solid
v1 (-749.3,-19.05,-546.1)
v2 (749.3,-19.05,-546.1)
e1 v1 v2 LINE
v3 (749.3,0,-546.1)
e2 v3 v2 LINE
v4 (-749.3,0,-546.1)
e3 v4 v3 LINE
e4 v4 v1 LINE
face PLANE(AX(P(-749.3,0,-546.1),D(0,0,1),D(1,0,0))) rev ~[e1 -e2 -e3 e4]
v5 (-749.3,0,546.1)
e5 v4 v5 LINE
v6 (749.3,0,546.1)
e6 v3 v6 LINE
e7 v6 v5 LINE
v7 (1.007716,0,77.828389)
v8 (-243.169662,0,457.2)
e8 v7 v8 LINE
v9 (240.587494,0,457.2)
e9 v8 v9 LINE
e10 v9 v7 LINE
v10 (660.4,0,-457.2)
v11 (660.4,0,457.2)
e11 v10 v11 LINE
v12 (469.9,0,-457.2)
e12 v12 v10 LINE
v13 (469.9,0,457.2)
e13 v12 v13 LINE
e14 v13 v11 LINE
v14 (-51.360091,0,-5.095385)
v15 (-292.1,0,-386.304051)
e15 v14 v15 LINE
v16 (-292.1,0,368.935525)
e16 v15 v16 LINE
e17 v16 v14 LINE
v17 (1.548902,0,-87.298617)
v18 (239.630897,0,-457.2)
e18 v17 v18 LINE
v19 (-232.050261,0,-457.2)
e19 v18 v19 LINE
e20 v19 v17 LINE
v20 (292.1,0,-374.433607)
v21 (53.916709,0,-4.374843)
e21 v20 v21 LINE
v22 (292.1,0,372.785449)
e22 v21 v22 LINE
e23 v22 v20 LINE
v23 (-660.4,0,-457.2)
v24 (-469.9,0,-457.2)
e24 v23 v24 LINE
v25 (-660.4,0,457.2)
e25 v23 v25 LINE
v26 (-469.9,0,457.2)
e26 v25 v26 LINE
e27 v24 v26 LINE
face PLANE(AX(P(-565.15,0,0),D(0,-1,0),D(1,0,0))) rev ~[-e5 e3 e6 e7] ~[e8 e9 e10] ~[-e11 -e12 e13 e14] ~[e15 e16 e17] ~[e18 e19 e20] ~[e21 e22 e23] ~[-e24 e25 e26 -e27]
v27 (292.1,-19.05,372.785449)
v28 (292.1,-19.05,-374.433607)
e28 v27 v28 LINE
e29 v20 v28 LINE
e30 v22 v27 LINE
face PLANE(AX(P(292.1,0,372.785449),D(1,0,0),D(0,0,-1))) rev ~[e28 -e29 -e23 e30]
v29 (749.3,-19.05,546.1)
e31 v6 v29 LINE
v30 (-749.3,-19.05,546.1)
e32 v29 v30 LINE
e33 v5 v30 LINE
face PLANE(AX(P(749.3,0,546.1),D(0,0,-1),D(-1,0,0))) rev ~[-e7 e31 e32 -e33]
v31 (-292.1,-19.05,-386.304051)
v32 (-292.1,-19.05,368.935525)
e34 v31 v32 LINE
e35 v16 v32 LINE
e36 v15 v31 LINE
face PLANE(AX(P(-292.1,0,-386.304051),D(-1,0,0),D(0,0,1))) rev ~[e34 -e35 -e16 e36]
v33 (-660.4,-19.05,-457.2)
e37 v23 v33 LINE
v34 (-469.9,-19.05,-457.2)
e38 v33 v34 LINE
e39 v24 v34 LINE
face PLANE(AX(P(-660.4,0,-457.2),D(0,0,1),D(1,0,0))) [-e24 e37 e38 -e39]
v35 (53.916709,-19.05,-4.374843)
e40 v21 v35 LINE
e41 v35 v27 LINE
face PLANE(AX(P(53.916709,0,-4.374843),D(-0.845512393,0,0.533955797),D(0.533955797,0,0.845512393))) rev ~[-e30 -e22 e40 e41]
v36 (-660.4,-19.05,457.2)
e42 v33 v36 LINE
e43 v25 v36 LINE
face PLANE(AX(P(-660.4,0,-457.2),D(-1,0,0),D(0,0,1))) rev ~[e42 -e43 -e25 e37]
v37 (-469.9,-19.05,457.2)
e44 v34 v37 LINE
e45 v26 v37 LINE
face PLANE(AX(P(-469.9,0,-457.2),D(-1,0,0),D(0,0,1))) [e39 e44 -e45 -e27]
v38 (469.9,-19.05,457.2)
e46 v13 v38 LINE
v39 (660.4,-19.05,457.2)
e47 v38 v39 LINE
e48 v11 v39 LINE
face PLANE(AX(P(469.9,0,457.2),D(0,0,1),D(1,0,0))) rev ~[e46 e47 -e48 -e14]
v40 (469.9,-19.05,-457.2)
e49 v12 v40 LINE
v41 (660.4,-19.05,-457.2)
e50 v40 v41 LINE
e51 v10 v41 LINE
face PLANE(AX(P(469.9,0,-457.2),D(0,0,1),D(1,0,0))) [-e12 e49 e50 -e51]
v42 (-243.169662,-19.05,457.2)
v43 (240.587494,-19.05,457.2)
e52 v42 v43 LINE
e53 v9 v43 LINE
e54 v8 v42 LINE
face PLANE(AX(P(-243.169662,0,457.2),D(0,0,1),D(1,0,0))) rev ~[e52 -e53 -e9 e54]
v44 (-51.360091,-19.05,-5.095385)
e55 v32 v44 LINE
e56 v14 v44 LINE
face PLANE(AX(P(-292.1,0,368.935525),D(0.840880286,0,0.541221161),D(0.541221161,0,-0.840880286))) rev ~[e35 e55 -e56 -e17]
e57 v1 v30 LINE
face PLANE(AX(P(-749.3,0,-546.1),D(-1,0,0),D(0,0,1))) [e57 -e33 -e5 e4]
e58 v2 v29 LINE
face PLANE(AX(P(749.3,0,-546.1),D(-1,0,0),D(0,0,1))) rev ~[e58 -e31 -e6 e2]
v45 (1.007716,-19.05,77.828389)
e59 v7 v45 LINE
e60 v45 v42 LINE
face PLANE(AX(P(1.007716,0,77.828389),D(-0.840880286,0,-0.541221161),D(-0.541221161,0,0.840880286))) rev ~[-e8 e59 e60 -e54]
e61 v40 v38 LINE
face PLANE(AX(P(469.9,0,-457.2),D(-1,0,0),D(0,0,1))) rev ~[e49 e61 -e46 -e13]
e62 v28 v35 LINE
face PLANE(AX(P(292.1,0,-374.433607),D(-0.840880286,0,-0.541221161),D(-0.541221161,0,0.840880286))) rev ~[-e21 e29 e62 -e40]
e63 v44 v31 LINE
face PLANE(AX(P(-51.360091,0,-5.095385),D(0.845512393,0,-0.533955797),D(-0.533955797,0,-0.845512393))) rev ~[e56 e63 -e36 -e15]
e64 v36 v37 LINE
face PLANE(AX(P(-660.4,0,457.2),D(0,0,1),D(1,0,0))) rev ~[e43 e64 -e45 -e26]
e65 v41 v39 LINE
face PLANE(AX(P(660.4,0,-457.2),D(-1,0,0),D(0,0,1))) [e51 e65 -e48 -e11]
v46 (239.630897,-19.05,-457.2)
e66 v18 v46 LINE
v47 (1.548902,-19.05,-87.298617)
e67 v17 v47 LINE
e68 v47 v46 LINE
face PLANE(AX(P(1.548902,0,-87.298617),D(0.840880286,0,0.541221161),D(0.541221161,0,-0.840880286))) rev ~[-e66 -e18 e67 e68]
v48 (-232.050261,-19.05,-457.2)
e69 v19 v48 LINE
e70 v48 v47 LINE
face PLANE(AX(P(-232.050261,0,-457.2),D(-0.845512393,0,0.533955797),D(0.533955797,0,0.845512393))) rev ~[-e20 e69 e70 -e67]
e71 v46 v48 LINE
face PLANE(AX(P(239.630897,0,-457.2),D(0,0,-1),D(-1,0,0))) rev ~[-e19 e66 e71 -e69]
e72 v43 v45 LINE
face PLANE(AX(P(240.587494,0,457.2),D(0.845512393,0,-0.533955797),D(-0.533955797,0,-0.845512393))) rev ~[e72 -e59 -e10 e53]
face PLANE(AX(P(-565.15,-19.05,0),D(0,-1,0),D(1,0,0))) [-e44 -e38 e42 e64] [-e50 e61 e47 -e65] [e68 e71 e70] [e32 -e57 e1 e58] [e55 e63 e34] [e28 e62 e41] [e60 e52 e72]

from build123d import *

# Parameters (mm, degrees)
F0_W     = 368.3
F0_H     = 1092.2
F0_W_2   = 190.5
F0_H_2   = 914.4
F0_W_3   = 762
F1_DEPTH = 19.05


with BuildPart() as f1:
    # F0 (on Front) → F1 (new body)
    with BuildSketch(Plane.XZ):
        with Locations((-565.15, 0)):
            Rectangle(F0_W, F0_H)
        with Locations((-565.15, 0)):
            Rectangle(F0_W_2, F0_H_2, mode=Mode.SUBTRACT)
        Rectangle(F0_W_3, F0_H)
        Polygon((-292.1, 368.9355254173), (-292.1, 457.2), (-243.1696620615, 457.2), (240.5874935984, 457.2), (292.1, 457.2), (292.1, 372.785449028), (292.1, -374.433606863), (292.1, -457.2), (239.6308967048, -457.2), (-232.0502612908, -457.2), (-292.1, -457.2), (-292.1, -386.304050684), align=None, mode=Mode.SUBTRACT)
        with Locations((565.15, 0)):
            Rectangle(F0_W, F0_H)
        with Locations((565.15, 0)):
            Rectangle(F0_W_2, F0_H_2, mode=Mode.SUBTRACT)
        Polygon((-243.1696620615, 457.2), (-292.1, 457.2), (-292.1, 368.9355254173), (-51.3600907369, -5.0953850685), (1.0077163844, 77.8283891202), align=None)
        Polygon((292.1, 457.2), (240.5874935984, 457.2), (1.0077163844, 77.8283891202), (53.9167090191, -4.3748431922), (292.1, 372.785449028), align=None)
        Polygon((53.9167090191, -4.3748431922), (1.0077163844, 77.8283891202), (-51.3600907369, -5.0953850685), (1.5489018977, -87.298617381), align=None)
        Polygon((-51.3600907369, -5.0953850685), (-292.1, -386.304050684), (-292.1, -457.2), (-232.0502612908, -457.2), (1.5489018977, -87.298617381), align=None)
        Polygon((292.1, -374.433606863), (53.9167090191, -4.3748431922), (1.5489018977, -87.298617381), (239.6308967048, -457.2), (292.1, -457.2), align=None)
    extrude(amount=F1_DEPTH)


solid = f1.part
